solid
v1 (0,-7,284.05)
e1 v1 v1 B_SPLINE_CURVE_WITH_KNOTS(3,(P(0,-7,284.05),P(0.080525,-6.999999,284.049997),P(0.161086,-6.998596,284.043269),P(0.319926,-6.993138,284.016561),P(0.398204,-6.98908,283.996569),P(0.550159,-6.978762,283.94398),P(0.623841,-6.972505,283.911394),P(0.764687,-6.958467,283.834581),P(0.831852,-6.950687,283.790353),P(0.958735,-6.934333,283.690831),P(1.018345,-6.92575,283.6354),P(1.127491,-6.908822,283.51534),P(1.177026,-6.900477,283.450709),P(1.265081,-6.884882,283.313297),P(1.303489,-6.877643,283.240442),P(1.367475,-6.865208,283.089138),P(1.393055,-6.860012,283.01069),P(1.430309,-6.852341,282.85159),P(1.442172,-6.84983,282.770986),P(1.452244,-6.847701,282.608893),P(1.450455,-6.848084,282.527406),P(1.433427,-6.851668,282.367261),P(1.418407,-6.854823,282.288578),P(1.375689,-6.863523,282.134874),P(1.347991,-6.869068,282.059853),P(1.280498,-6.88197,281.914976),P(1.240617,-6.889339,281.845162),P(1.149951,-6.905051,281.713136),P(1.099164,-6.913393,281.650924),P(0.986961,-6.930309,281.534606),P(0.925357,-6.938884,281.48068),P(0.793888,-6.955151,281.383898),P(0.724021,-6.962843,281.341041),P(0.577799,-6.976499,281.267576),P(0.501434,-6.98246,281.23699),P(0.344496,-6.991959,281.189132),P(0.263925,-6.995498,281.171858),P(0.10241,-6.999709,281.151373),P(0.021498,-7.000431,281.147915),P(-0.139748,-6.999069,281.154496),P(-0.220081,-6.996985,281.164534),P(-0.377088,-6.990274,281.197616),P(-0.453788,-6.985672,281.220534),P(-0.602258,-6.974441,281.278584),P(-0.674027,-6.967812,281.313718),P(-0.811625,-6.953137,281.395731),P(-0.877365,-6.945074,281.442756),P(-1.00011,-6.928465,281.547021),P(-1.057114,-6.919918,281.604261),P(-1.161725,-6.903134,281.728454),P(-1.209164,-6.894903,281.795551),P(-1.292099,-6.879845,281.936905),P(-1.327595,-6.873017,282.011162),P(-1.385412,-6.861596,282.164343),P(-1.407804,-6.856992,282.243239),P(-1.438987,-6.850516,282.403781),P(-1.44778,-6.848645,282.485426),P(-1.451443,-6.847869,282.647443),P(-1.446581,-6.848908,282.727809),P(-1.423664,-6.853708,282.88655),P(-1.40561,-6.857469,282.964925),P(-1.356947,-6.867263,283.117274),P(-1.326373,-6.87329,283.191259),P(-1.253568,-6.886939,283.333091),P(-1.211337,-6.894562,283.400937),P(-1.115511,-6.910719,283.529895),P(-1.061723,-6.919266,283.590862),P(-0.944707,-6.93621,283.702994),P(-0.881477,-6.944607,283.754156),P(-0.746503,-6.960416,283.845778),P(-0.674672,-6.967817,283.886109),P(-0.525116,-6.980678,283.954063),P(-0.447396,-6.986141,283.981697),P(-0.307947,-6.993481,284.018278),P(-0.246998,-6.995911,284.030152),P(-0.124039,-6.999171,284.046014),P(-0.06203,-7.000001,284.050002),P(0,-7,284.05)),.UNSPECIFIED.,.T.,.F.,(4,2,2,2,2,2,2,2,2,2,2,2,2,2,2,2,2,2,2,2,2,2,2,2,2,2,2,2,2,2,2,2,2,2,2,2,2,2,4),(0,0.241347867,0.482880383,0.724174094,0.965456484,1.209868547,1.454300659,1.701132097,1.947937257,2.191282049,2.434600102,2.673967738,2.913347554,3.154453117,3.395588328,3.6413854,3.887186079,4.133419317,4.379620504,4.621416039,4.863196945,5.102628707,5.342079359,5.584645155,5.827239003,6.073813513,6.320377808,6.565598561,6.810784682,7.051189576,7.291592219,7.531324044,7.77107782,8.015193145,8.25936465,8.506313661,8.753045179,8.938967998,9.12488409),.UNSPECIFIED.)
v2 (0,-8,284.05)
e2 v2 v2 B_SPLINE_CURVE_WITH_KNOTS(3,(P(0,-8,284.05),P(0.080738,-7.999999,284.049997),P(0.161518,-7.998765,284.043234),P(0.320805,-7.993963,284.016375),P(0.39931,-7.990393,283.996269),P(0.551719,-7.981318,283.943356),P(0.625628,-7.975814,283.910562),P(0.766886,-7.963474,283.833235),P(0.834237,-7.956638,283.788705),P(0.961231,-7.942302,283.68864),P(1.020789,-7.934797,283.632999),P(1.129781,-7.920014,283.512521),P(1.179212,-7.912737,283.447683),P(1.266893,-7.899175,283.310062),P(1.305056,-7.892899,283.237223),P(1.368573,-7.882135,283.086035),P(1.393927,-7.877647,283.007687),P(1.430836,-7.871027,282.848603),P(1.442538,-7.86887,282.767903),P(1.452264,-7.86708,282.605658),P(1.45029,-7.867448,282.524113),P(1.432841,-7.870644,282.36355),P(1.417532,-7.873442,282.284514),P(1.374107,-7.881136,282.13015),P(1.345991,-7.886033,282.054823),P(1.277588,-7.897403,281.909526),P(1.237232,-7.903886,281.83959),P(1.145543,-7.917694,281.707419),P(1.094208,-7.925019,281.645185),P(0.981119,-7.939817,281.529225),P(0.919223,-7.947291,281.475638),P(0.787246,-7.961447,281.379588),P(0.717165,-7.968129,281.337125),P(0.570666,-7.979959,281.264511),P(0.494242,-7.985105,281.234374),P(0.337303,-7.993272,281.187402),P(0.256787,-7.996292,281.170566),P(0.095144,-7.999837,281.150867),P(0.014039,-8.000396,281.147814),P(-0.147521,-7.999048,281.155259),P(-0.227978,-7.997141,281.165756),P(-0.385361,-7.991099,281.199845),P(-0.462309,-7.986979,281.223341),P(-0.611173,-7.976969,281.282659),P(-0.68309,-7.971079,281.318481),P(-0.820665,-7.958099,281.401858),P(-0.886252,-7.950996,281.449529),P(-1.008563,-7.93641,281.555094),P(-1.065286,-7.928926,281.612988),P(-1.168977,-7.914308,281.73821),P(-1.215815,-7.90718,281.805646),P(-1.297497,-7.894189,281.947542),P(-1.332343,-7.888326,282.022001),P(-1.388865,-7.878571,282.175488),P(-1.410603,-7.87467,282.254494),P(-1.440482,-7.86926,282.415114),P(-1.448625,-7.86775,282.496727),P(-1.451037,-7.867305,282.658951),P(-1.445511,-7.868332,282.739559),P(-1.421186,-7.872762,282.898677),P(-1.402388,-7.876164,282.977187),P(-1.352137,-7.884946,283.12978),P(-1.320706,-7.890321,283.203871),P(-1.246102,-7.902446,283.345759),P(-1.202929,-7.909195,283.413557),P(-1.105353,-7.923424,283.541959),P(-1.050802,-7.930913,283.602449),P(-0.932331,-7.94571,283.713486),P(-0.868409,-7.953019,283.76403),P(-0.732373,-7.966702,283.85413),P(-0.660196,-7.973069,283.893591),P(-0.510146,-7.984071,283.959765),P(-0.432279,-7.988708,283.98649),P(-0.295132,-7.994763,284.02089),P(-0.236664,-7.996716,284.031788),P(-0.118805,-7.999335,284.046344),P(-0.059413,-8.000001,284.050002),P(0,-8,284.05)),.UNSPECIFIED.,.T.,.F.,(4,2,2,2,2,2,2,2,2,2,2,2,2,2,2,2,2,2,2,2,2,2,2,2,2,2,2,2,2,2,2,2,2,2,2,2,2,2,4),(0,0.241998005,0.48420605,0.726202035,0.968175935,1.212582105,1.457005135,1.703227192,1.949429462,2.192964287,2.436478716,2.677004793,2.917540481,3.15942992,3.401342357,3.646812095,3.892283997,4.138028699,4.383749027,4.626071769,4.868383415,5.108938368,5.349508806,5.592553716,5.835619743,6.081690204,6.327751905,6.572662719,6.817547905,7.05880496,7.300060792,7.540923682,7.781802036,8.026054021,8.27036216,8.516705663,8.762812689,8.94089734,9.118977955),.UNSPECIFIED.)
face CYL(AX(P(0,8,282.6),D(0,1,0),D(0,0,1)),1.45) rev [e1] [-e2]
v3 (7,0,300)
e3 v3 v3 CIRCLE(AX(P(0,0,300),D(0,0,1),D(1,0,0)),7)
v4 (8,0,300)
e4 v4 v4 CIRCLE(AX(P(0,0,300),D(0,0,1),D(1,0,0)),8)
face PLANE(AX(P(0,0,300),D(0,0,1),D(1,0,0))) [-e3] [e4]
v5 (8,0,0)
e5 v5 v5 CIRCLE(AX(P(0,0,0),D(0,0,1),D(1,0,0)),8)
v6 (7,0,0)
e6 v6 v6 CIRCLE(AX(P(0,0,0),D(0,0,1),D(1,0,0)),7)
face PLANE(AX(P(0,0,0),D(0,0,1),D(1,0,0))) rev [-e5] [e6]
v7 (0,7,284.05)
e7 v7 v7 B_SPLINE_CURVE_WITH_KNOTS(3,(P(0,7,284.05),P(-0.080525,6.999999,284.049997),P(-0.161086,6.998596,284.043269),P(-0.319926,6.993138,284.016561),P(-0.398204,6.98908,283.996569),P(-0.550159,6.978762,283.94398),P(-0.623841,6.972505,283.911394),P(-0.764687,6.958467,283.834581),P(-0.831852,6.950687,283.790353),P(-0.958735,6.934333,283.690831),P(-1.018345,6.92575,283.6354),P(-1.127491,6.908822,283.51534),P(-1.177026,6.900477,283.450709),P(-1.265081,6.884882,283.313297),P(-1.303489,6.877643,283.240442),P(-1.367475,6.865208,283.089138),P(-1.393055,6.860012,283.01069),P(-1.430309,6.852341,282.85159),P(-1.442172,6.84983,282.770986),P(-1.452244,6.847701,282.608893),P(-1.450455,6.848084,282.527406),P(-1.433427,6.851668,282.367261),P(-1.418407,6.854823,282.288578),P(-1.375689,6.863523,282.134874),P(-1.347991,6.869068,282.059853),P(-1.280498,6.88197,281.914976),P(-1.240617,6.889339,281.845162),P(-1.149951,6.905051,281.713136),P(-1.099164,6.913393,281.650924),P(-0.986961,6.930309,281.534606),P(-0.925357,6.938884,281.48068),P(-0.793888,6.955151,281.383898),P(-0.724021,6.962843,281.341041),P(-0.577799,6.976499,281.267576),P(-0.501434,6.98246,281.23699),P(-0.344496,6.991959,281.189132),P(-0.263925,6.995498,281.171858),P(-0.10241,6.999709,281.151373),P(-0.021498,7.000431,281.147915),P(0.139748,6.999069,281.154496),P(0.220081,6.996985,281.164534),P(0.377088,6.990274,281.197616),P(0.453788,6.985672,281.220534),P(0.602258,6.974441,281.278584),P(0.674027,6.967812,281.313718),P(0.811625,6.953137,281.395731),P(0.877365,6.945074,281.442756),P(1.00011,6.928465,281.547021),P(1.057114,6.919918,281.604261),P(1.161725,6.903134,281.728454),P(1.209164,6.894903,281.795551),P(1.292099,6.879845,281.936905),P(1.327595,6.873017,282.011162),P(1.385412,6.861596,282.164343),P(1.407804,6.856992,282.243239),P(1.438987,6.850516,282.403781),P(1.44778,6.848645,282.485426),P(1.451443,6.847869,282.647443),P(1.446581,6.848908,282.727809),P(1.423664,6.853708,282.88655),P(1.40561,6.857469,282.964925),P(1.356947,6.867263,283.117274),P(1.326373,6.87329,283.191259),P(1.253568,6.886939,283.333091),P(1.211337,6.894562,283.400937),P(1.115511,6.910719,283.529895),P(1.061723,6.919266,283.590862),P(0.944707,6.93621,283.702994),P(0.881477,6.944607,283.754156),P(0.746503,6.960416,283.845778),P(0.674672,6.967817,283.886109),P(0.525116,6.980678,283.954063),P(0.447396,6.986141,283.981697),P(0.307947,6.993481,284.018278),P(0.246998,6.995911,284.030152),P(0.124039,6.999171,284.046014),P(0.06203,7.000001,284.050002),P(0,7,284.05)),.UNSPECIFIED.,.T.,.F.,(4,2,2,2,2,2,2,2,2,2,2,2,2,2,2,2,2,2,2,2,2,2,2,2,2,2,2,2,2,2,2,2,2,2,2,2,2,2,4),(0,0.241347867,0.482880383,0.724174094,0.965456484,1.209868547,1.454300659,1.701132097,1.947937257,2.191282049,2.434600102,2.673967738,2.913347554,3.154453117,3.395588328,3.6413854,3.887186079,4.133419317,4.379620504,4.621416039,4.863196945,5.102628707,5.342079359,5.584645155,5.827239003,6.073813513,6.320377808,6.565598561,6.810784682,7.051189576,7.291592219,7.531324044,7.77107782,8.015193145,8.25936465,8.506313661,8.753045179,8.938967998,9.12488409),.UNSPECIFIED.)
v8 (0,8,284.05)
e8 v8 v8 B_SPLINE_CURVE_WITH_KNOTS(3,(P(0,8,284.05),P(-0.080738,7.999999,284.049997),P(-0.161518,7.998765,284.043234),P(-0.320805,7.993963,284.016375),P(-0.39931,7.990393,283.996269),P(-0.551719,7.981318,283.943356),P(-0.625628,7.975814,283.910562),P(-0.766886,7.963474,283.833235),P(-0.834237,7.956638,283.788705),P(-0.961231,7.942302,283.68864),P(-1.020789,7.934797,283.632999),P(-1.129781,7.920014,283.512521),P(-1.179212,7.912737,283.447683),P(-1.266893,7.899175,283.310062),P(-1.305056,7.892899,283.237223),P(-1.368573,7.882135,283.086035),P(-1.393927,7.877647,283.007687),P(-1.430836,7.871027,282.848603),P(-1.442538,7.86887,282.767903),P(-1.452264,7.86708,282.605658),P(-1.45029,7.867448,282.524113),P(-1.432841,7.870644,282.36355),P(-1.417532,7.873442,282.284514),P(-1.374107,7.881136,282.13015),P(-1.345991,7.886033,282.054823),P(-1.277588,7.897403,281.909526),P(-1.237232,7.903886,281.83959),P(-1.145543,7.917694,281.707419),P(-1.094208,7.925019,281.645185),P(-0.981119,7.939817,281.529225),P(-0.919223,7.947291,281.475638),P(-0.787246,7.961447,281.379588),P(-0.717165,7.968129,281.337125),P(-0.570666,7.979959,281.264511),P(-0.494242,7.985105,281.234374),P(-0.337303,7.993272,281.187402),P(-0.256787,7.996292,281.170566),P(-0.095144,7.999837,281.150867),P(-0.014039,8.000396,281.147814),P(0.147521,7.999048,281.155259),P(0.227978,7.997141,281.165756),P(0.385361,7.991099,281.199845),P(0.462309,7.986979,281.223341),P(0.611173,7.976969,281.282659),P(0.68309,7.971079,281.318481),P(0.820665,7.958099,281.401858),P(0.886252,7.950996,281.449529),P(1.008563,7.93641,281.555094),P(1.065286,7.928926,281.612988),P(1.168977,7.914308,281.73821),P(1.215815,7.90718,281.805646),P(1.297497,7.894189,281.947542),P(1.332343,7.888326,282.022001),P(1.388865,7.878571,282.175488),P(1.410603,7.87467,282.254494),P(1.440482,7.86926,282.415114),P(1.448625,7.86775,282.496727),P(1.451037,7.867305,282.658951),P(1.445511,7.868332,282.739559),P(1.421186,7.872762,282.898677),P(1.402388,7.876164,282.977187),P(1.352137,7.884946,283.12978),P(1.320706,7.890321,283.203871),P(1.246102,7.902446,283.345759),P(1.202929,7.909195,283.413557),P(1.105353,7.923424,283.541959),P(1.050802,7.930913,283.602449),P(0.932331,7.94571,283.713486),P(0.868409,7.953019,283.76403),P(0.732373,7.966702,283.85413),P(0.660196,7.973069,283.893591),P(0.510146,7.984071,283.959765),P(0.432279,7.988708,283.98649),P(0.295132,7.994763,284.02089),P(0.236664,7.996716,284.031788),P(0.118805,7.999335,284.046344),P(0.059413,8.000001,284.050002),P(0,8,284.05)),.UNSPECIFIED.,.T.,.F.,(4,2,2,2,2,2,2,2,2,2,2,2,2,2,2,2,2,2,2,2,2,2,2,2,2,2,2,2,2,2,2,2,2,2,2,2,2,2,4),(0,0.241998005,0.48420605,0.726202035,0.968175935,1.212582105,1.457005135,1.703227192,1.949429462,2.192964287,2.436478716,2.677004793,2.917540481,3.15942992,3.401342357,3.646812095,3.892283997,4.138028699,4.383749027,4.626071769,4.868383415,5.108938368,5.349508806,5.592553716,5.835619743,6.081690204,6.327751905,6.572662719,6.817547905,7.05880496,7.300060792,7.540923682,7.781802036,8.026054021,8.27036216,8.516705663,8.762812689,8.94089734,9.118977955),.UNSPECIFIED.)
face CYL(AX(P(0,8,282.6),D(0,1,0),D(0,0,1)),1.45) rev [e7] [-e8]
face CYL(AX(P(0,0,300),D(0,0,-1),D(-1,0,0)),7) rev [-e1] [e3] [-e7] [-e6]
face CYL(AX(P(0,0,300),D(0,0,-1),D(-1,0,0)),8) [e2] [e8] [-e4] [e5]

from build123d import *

# Parameters (mm, degrees)
SKETCH1_R              = 8
SKETCH1_R_2            = 7
BOSS_EXTRUDE1_DEPTH    = 300
M2_5_CLEARANCE_HOLE1_D = 2.9


with BuildPart() as part:
    # Sketch1 → Boss-Extrude1 (new body)
    with BuildSketch(Plane.XY):
        Circle(SKETCH1_R)
        Circle(SKETCH1_R_2, mode=Mode.SUBTRACT)
    extrude(amount=BOSS_EXTRUDE1_DEPTH)

    # M2.5 Clearance Hole1 (through all)
    with Locations(Plane(origin=(0, 8, 0), x_dir=(1, 0, 0), z_dir=(0, 1, 0))):
        with Locations((0, -282.6)):
            Hole(M2_5_CLEARANCE_HOLE1_D / 2)


solid = part.part
